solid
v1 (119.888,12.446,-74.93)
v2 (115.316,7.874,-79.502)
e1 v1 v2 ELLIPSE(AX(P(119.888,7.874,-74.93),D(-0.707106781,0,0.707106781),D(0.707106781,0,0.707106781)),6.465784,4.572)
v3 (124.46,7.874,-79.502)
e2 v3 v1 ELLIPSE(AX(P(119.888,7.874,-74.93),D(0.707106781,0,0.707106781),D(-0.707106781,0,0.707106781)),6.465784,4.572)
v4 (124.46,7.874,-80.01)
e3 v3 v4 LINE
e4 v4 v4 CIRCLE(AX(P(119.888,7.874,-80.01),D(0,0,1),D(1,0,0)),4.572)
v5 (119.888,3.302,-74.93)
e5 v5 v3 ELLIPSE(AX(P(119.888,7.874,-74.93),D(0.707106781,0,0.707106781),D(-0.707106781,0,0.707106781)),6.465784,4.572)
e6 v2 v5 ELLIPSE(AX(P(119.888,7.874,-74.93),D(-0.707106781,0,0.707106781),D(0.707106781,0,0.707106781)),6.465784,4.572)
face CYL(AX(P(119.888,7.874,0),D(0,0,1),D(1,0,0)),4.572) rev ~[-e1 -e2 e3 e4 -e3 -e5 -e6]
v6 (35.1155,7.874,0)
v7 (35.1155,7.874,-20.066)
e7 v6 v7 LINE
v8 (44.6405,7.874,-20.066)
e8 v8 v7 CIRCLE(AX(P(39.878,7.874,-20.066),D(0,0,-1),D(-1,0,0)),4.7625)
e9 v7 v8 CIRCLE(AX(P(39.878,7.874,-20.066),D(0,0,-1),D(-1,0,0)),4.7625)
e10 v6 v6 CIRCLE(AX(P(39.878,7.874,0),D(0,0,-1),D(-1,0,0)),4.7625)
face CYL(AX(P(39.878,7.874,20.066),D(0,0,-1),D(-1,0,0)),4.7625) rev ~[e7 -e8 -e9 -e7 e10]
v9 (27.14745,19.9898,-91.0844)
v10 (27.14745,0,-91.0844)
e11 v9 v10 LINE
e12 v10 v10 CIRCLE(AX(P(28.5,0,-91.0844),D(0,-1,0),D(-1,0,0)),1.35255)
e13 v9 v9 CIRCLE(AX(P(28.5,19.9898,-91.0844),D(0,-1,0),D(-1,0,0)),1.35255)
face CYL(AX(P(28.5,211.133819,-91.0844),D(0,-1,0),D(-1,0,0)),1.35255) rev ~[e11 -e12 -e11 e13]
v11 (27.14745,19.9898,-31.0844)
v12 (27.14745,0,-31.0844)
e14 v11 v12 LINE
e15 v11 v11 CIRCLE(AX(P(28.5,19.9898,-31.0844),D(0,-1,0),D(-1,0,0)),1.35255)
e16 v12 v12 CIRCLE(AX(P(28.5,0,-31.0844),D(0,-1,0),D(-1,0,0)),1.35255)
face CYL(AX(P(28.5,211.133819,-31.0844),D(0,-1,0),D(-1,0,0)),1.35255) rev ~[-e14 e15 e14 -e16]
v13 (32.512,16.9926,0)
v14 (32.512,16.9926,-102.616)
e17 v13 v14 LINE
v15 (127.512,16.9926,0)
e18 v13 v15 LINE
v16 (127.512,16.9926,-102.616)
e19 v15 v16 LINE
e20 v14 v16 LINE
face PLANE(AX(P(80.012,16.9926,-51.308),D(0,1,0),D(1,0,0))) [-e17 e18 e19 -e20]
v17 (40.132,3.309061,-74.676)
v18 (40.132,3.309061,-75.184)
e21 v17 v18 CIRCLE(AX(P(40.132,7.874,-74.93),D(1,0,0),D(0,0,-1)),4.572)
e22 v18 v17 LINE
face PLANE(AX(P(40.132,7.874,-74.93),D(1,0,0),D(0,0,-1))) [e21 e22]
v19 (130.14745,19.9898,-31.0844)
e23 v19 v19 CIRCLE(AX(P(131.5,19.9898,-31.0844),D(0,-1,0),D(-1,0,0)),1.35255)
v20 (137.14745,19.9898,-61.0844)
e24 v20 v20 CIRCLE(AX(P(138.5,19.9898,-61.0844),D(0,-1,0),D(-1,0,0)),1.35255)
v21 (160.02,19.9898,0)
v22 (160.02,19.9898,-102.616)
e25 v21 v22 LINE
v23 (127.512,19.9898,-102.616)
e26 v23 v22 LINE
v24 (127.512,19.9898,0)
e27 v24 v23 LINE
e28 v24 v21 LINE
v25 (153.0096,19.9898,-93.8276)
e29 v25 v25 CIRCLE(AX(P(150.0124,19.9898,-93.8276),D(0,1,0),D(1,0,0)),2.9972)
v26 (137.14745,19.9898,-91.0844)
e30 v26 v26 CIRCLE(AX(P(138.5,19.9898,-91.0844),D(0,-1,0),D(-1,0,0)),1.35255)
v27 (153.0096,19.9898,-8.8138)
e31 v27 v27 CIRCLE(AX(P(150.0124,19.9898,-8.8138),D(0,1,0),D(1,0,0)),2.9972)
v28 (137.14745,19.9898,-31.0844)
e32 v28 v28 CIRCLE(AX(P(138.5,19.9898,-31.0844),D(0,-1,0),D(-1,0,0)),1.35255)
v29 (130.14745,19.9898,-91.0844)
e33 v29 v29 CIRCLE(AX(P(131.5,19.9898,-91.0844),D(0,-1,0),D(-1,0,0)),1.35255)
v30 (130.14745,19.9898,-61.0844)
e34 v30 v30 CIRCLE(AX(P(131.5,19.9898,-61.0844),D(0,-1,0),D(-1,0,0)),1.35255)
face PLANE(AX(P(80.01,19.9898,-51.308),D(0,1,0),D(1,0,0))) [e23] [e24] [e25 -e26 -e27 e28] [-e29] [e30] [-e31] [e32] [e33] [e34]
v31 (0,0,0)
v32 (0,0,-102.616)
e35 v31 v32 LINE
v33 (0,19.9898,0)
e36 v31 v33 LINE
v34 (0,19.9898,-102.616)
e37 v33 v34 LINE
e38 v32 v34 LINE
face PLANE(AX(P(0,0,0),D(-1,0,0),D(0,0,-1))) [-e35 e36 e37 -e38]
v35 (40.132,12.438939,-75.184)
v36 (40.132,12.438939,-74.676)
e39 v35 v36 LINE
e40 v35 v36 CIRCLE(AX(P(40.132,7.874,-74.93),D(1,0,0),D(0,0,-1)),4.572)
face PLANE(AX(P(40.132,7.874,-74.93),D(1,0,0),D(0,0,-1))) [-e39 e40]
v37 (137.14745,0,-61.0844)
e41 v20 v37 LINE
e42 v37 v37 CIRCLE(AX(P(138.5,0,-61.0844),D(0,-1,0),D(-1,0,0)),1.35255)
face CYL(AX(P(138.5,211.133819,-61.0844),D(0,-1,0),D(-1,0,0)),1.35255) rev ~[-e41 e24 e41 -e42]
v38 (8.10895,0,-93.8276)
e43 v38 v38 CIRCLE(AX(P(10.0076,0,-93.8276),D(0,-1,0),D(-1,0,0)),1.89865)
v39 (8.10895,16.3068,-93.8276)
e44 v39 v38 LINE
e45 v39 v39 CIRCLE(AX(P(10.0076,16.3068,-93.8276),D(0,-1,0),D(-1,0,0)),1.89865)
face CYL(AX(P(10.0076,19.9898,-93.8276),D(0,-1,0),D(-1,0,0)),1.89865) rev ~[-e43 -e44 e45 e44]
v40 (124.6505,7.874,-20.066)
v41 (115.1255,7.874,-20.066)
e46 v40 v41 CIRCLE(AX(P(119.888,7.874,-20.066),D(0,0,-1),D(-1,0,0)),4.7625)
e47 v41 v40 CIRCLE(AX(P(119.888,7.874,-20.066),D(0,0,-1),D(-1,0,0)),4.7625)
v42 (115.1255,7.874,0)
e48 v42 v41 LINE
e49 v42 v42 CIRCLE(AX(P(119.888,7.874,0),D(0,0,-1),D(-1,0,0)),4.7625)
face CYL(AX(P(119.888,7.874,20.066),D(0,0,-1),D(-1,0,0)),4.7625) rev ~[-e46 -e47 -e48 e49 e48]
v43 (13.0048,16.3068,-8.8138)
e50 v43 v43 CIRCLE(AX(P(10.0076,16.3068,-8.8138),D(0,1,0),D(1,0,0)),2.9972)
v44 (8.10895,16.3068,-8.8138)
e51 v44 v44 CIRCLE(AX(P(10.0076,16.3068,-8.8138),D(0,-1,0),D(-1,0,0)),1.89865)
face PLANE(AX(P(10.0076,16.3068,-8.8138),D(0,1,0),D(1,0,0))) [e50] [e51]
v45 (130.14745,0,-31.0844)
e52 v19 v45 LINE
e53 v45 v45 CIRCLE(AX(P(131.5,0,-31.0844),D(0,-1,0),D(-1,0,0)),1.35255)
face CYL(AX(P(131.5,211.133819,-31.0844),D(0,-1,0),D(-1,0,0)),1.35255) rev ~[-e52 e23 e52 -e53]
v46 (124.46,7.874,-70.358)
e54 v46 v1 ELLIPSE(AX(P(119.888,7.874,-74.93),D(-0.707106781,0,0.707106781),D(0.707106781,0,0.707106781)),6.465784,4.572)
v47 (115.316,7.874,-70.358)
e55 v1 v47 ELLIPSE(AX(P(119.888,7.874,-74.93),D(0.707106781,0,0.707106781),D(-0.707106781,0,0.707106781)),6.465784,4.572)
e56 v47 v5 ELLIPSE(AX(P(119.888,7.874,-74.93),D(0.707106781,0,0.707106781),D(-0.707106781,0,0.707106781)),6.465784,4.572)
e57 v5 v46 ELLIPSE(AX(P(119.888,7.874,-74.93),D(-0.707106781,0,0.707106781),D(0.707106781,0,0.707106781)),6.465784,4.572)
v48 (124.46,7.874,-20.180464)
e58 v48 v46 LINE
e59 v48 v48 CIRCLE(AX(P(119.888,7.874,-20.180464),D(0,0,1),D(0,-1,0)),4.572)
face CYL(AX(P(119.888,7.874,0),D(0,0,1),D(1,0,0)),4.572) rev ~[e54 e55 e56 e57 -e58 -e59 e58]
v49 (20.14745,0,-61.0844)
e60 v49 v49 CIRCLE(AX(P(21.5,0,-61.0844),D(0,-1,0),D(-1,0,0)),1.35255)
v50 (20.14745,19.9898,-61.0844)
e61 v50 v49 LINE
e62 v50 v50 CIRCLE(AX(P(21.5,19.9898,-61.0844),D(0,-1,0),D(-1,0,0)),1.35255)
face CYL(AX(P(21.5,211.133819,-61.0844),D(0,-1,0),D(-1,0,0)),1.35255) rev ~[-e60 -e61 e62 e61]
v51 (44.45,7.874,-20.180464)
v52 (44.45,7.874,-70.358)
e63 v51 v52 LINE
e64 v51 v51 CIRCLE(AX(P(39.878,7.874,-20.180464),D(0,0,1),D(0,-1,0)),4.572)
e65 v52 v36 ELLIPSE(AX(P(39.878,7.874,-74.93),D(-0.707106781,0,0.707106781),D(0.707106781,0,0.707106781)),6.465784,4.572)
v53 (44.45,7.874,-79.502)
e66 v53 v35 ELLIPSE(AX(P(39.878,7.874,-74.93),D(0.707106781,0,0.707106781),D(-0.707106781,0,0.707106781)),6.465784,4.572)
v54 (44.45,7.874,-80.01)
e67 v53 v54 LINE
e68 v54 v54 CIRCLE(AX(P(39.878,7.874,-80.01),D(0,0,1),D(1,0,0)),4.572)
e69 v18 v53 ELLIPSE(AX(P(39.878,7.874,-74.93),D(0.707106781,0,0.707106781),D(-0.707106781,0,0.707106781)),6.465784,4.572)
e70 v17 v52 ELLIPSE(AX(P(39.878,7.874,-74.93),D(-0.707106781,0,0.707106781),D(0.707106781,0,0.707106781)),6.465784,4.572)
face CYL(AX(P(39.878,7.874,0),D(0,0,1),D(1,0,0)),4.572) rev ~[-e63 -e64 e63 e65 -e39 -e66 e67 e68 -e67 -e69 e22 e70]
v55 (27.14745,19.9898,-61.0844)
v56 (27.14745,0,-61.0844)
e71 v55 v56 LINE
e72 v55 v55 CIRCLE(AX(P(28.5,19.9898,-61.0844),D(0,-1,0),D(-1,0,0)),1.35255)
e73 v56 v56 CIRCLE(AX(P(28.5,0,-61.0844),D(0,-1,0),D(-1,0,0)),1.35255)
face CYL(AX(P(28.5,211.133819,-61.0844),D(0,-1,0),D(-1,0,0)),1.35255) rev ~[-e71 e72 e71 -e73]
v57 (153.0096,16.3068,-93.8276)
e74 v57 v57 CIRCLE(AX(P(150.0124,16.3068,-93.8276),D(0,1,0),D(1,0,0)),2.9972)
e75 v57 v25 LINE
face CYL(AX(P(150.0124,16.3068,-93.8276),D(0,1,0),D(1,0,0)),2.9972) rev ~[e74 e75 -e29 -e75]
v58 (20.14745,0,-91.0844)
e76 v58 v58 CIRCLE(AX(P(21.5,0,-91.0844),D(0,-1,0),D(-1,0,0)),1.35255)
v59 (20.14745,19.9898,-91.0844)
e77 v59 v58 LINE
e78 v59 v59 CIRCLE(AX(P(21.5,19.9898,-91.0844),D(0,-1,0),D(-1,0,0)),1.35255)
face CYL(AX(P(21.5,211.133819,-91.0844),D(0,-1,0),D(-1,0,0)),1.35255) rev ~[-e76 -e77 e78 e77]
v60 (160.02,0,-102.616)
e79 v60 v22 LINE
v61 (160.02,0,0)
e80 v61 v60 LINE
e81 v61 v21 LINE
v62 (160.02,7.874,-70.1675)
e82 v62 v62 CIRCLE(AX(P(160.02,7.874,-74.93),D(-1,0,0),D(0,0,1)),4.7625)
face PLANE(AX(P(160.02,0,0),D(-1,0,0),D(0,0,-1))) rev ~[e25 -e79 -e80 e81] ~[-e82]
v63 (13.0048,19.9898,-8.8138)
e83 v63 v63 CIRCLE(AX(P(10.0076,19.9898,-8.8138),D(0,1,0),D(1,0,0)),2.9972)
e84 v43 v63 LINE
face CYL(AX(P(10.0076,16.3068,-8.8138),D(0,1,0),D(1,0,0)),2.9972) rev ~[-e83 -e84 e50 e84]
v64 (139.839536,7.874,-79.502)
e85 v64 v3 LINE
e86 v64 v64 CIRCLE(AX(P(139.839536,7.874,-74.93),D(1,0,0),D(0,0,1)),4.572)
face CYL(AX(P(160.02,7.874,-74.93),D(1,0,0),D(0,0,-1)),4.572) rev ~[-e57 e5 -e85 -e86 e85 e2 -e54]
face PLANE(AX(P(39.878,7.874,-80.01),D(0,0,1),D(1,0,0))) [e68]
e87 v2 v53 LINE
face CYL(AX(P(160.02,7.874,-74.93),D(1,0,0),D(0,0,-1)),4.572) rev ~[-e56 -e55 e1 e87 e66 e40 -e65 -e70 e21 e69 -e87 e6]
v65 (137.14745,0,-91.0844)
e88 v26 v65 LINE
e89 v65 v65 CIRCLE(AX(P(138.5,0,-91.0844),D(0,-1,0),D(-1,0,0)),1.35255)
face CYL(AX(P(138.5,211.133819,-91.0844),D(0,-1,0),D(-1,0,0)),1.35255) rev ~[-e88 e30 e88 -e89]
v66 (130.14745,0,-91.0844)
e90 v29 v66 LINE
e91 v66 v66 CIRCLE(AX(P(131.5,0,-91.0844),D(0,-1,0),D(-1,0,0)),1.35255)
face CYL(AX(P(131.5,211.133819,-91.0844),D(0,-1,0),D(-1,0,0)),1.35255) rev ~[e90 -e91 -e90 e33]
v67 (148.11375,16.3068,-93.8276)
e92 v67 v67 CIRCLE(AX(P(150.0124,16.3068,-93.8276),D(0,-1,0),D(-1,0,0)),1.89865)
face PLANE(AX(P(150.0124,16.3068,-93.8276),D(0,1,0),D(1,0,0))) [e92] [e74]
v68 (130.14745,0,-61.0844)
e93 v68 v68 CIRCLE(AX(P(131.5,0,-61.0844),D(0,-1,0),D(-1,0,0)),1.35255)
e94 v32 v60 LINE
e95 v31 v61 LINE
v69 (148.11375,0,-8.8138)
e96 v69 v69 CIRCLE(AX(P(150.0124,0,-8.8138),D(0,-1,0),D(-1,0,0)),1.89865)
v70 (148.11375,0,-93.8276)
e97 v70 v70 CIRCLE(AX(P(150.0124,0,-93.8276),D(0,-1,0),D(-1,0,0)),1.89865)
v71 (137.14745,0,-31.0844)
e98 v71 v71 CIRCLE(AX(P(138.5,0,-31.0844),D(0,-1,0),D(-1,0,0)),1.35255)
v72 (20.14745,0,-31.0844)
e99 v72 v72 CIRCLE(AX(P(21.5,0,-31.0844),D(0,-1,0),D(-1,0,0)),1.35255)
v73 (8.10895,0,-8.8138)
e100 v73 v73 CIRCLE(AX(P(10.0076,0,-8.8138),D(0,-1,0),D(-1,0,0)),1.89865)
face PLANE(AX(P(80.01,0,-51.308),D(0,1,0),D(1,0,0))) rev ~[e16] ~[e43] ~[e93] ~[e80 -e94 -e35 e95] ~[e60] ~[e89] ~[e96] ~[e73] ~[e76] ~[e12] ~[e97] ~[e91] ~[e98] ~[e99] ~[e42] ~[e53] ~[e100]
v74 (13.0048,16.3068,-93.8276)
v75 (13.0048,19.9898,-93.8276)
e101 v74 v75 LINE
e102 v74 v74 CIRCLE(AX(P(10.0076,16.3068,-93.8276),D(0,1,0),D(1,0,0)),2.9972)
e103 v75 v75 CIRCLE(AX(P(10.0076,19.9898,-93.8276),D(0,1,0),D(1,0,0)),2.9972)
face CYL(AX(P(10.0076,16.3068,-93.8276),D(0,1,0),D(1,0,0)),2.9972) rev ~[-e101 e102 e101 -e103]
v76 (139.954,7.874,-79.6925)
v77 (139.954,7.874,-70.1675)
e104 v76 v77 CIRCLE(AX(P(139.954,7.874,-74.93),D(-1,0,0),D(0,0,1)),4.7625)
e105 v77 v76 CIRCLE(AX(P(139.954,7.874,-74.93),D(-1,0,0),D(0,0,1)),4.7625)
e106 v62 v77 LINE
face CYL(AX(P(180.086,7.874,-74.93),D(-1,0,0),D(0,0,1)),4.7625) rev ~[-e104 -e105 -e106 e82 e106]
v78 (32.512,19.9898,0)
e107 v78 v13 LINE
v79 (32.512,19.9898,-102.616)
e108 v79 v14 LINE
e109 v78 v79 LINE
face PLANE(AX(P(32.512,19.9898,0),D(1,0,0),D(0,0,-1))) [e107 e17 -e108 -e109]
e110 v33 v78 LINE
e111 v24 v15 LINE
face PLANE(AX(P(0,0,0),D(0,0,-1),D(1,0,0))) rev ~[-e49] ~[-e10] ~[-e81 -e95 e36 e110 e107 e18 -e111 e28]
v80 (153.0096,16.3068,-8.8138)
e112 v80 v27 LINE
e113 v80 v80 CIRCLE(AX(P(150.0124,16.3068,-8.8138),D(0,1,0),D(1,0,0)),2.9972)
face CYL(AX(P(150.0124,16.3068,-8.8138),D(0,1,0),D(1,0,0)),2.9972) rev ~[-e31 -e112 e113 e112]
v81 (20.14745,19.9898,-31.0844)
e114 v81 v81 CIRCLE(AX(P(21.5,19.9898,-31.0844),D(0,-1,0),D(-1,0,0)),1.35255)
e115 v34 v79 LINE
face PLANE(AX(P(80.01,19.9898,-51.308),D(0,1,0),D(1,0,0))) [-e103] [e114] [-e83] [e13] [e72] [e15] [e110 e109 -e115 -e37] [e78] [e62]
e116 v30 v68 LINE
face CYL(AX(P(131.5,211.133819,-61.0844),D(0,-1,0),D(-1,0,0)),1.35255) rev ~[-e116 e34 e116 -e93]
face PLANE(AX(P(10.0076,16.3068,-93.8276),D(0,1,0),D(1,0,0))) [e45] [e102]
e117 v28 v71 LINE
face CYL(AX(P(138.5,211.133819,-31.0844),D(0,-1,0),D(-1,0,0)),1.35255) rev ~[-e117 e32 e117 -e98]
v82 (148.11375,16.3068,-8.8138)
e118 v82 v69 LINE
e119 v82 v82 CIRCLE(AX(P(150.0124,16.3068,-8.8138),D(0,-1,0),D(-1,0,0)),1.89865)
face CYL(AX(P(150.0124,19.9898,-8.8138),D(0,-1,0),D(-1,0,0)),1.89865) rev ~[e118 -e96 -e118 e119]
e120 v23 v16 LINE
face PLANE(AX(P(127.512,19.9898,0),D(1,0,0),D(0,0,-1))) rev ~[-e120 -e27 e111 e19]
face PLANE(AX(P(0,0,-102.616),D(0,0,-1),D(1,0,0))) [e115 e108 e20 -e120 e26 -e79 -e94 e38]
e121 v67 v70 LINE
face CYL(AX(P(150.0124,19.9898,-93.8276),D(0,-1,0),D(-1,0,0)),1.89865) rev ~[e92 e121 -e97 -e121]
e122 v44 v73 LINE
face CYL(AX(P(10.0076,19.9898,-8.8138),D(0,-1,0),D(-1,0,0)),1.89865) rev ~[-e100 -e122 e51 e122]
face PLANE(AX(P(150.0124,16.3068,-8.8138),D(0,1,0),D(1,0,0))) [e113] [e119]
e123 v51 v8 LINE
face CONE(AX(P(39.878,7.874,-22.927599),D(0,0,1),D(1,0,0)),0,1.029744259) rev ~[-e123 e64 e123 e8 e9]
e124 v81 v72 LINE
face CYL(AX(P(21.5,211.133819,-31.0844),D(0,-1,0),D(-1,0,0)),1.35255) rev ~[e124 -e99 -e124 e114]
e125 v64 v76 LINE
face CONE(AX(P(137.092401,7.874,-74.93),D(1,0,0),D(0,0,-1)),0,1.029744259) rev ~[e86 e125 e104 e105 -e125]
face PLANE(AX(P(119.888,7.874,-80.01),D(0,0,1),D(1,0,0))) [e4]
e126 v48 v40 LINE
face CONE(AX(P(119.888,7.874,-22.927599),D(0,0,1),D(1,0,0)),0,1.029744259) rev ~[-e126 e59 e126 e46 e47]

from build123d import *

# Parameters (mm, degrees)
SKETCH1_W                                      = 160.02
SKETCH1_H                                      = 102.616
BODY_DEPTH                                     = 19.9898
CBORE_FOR_6_SOCKET_HEAD_CAP_SCREW1_D           = 3.7973
CBORE_FOR_6_SOCKET_HEAD_CAP_SCREW1_CBORE_D     = 5.9944
CBORE_FOR_6_SOCKET_HEAD_CAP_SCREW1_CBORE_DEPTH = 3.683
TAP_DRILL_FOR_6_32_TAP1_D                      = 2.7051
SKETCH6_W                                      = 95
SKETCH6_H                                      = 102.616
GOUGE_DEPTH                                    = 2.9972
SKETCH7_R                                      = 4.572
PIPES1_DEPTH                                   = 80.01
SKETCH8_R                                      = 4.572
PIPES2_DEPTH                                   = 119.888
PIPE_TAP_DRILL_FOR_1_8_TAP2_D                  = 9.525
PIPE_TAP_DRILL_FOR_1_8_TAP2_DEPTH              = 20.066
PIPE_TAP_DRILL_FOR_1_8_TAP2_TIP                = 2.861598698
PIPE_TAP_DRILL_FOR_1_8_TAP3_D                  = 9.525
PIPE_TAP_DRILL_FOR_1_8_TAP3_DEPTH              = 20.066
PIPE_TAP_DRILL_FOR_1_8_TAP3_TIP                = 2.861598698


with BuildPart() as part:
    # Sketch1 → body (new body)
    with BuildSketch(Plane(origin=(0, 0, 0), x_dir=(1, 0, 0), z_dir=(0, 1, 0))):
        with Locations((80.01, 51.308)):
            Rectangle(SKETCH1_W, SKETCH1_H)
    extrude(amount=BODY_DEPTH)

    # CBORE for #6 Socket Head Cap Screw1 (through all)
    with Locations(Plane(origin=(0, 19.9898, 0), x_dir=(1, 0, 0), z_dir=(0, 1, 0))):
        with Locations((10.0076, 93.8276), (150.0124, 8.8138), (10.0076, 8.8138), (150.0124, 93.8276)):
            CounterBoreHole(CBORE_FOR_6_SOCKET_HEAD_CAP_SCREW1_D / 2, CBORE_FOR_6_SOCKET_HEAD_CAP_SCREW1_CBORE_D / 2, CBORE_FOR_6_SOCKET_HEAD_CAP_SCREW1_CBORE_DEPTH)

    # Tap Drill for #6-32 Tap1 (through all)
    with Locations(Plane(origin=(0, 19.9898, 0), x_dir=(1, 0, 0), z_dir=(0, 1, 0))):
        with Locations((28.5, 91.0844), (28.5, 31.0844), (28.5, 61.0844), (131.5, 91.0844), (131.5, 31.0844), (131.5, 61.0844), (21.5, 91.0844), (21.5, 61.0844), (21.5, 31.0844), (138.5, 31.0844), (138.5, 61.0844), (138.5, 91.0844)):
            Hole(TAP_DRILL_FOR_6_32_TAP1_D / 2)

    # Sketch6 → gouge (cut)
    with BuildSketch(Plane(origin=(0, 19.9898, 0), x_dir=(1, 0, 0), z_dir=(0, 1, 0))):
        with Locations((80.012, 51.308)):
            Rectangle(SKETCH6_W, SKETCH6_H)
    extrude(amount=-GOUGE_DEPTH, mode=Mode.SUBTRACT)

    # Sketch7 → pipes1 (cut)
    with BuildSketch(Plane.XY):
        with Locations((39.878, 7.874)):
            Circle(SKETCH7_R)
        with Locations((119.888, 7.874)):
            Circle(SKETCH7_R)
    extrude(amount=-PIPES1_DEPTH, mode=Mode.SUBTRACT)

    # Sketch8 → pipes2 (cut)
    with BuildSketch(Plane(origin=(160.02, 0, 0), x_dir=(0, 0, -1), z_dir=(1, 0, 0))):
        with Locations((74.93, 7.874)):
            Circle(SKETCH8_R)
    extrude(amount=-PIPES2_DEPTH, mode=Mode.SUBTRACT)

    # Pipe Tap Drill for 1/8 Tap2
    with Locations(Plane.XY):
        with Locations((39.878, 7.874), (119.888, 7.874)):
            Hole(PIPE_TAP_DRILL_FOR_1_8_TAP2_D / 2, depth=PIPE_TAP_DRILL_FOR_1_8_TAP2_DEPTH)
            with Locations((0, 0, -(PIPE_TAP_DRILL_FOR_1_8_TAP2_DEPTH + PIPE_TAP_DRILL_FOR_1_8_TAP2_TIP / 2))):  # 118° drill point
                Cone(0, PIPE_TAP_DRILL_FOR_1_8_TAP2_D / 2, PIPE_TAP_DRILL_FOR_1_8_TAP2_TIP, mode=Mode.SUBTRACT)

    # Pipe Tap Drill for 1/8 Tap3
    with Locations(Plane(origin=(160.02, 0, 0), x_dir=(0, 0, -1), z_dir=(1, 0, 0))):
        with Locations((74.93, 7.874)):
            Hole(PIPE_TAP_DRILL_FOR_1_8_TAP3_D / 2, depth=PIPE_TAP_DRILL_FOR_1_8_TAP3_DEPTH)
            with Locations((0, 0, -(PIPE_TAP_DRILL_FOR_1_8_TAP3_DEPTH + PIPE_TAP_DRILL_FOR_1_8_TAP3_TIP / 2))):  # 118° drill point
                Cone(0, PIPE_TAP_DRILL_FOR_1_8_TAP3_D / 2, PIPE_TAP_DRILL_FOR_1_8_TAP3_TIP, mode=Mode.SUBTRACT)


solid = part.part
